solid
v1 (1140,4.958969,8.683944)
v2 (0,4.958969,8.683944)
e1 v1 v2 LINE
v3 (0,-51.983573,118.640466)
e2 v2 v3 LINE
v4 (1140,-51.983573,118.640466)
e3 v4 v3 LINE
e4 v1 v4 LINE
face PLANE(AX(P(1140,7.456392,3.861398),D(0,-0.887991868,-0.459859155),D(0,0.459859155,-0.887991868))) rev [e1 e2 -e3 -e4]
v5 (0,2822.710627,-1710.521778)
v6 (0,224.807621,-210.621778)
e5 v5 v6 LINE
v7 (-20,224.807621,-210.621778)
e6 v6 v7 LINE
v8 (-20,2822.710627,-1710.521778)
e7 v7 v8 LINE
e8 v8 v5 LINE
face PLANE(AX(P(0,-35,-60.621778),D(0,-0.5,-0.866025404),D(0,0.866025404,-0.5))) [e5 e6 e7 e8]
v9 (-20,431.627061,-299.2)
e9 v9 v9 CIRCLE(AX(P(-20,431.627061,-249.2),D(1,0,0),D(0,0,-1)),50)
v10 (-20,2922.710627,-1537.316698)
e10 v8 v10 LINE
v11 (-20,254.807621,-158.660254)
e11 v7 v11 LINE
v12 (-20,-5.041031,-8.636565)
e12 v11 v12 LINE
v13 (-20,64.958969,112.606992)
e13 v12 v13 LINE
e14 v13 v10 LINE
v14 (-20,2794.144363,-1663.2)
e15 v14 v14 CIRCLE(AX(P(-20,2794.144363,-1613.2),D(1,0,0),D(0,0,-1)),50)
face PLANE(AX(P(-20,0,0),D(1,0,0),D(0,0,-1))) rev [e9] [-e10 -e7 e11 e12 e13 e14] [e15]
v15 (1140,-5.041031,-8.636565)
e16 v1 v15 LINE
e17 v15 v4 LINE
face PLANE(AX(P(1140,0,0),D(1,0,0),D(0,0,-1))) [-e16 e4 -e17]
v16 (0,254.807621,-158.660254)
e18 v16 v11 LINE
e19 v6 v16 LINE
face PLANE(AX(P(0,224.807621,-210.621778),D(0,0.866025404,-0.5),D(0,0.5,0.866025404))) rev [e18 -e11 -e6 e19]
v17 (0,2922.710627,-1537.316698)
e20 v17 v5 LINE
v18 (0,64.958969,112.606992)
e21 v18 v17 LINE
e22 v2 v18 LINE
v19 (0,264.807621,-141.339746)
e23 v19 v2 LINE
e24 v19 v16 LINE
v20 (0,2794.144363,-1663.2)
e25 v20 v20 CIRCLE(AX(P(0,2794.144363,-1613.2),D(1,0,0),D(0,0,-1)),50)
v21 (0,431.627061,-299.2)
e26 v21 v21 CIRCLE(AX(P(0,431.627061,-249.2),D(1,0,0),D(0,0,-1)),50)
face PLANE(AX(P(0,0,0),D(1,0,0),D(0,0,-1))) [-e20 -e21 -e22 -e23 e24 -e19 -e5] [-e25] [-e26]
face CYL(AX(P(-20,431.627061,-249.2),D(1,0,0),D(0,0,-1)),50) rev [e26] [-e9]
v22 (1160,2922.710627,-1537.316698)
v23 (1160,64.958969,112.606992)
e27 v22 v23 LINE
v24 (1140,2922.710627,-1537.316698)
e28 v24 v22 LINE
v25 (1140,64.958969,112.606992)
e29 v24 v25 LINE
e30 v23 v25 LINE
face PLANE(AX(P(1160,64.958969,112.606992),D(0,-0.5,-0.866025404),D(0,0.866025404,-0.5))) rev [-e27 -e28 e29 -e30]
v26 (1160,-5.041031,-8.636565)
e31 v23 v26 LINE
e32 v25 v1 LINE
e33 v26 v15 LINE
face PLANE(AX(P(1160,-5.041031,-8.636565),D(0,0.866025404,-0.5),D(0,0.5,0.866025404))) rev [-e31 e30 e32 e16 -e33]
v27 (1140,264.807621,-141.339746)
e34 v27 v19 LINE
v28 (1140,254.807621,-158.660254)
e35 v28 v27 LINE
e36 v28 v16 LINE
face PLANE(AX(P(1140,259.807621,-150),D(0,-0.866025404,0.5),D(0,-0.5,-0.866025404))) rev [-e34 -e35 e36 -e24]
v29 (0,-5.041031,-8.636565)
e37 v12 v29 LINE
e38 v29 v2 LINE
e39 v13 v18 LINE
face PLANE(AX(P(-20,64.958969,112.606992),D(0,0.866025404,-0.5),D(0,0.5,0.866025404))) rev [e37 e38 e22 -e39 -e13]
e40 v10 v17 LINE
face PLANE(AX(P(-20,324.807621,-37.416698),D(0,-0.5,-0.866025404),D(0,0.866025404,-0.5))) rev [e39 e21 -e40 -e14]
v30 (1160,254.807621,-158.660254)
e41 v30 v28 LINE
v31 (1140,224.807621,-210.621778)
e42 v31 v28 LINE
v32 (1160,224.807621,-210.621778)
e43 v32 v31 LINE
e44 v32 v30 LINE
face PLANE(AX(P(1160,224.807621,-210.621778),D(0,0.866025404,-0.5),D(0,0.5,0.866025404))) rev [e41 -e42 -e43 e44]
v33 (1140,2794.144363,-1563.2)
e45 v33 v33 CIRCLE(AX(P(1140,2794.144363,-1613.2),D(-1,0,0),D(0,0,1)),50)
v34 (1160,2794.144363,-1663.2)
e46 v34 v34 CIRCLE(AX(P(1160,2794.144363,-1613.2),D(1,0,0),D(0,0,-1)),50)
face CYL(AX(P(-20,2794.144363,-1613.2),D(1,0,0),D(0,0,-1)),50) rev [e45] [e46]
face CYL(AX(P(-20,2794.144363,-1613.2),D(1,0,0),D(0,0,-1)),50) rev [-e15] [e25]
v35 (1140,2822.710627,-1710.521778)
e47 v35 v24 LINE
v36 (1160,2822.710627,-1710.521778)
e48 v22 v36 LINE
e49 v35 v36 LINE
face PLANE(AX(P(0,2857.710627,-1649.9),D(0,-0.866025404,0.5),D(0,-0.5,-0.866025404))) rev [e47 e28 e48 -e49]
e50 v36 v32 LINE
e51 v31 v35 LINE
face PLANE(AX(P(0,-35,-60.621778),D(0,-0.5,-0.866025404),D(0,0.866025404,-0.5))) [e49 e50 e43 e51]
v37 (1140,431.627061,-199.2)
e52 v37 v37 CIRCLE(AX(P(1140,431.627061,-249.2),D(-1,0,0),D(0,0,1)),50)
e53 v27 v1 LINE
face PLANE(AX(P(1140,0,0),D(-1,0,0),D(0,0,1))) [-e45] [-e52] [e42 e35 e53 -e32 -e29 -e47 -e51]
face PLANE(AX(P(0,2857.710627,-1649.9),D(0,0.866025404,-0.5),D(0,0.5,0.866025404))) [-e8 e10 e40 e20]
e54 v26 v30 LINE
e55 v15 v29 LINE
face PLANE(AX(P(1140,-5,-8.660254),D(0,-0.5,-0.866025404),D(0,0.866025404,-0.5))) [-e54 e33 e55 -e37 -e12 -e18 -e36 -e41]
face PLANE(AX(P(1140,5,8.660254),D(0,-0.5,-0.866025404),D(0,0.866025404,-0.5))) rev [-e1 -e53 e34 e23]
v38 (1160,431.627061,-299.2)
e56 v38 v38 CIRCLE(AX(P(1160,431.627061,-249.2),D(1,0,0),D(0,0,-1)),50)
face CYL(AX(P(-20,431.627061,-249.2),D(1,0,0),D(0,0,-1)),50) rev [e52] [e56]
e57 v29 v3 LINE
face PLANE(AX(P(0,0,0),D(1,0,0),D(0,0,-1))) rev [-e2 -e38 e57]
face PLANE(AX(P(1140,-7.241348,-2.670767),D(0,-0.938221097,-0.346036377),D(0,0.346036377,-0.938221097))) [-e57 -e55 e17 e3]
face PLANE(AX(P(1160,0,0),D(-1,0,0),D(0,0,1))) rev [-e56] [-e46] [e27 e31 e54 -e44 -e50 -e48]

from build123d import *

# Parameters (mm, degrees)
BOSS_EXTRUDE1_DEPTH = 1140
BOSS_EXTRUDE2_DEPTH = 20
BOSS_EXTRUDE3_DEPTH = 20
SKETCH4_W           = 20
SKETCH4_H           = 140
BOSS_EXTRUDE4_DEPTH = 2999.8
SKETCH5_W           = 20
SKETCH5_H           = 140
BOSS_EXTRUDE5_DEPTH = 2999.8
SKETCH7_W           = 20
SKETCH7_H           = 2999.8
BOSS_EXTRUDE6_DEPTH = 60
SKETCH8_W           = 20
SKETCH8_H           = 2999.8
BOSS_EXTRUDE7_DEPTH = 60
CUT_EXTRUDE3_DEPTH  = 3587.157019078


with BuildPart() as part:
    # Sketch1 → Boss-Extrude1 (new body)
    with BuildSketch(Plane(origin=(0, 0, 0), x_dir=(0, 0, -1), z_dir=(1, 0, 0))):
        Polygon((158.660254038, 254.807621135), (141.339745962, 264.807621135), (-8.683943562, 4.958968541), (-118.640466011, -51.98357266), (8.636564514, -5.041031459), align=None)
    extrude(amount=BOSS_EXTRUDE1_DEPTH)

    # Sketch2 → Boss-Extrude2 (add)
    with BuildSketch(Plane(origin=(1140, 0, 0), x_dir=(0, 0, -1), z_dir=(1, 0, 0))):
        Polygon((8.636564514, -5.041031459), (158.660254038, 254.807621135), (37.416697508, 324.807621135), (-112.606992016, 64.958968541), align=None)
    extrude(amount=BOSS_EXTRUDE2_DEPTH)

    # Sketch3 → Boss-Extrude3 (add)
    with BuildSketch(Plane.ZY):
        Polygon((-158.660254038, 254.807621135), (-37.416697508, 324.807621135), (112.606992016, 64.958968541), (-8.636564514, -5.041031459), align=None)
    extrude(amount=BOSS_EXTRUDE3_DEPTH)

    # Sketch4 → Boss-Extrude4 (add)
    with BuildSketch(Plane(origin=(0, 259.807621135, -150), x_dir=(1, 0, 0), z_dir=(0, 0.8660254037844397, -0.4999999999999983))):
        with Locations((1150, -60)):
            Rectangle(SKETCH4_W, SKETCH4_H)
    extrude(amount=BOSS_EXTRUDE4_DEPTH)

    # Sketch5 → Boss-Extrude5 (add)
    with BuildSketch(Plane(origin=(0, 259.807621135, -150), x_dir=(1, 0, 0), z_dir=(0, 0.8660254037844396, -0.4999999999999982))):
        with Locations((-10, -60)):
            Rectangle(SKETCH5_W, SKETCH5_H)
    extrude(amount=BOSS_EXTRUDE5_DEPTH)

    # Sketch7 → Boss-Extrude6 (add)
    with BuildSketch(Plane(origin=(0, -5, -8.660254038), x_dir=(-1, 0, 0), z_dir=(0, -0.49999999999999756, -0.86602540378444))):
        with Locations((-1150, 1799.9)):
            Rectangle(SKETCH7_W, SKETCH7_H)
    extrude(amount=BOSS_EXTRUDE6_DEPTH)

    # Sketch8 → Boss-Extrude7 (add)
    with BuildSketch(Plane(origin=(0, -5, -8.660254038), x_dir=(-1, 0, 0), z_dir=(0, -0.49999999999999756, -0.86602540378444))):
        with Locations((10, 1799.9)):
            Rectangle(SKETCH8_W, SKETCH8_H)
    extrude(amount=BOSS_EXTRUDE7_DEPTH)

    # Sketch10 → Cut-Extrude3 (cut, through all)
    with BuildSketch(Plane(origin=(1160, 0, 0), x_dir=(0, 0, -1), z_dir=(1, 0, 0))):
        with BuildLine():
            ThreePointArc((274.2, 474.928331435), (205.898729811, 456.627061246), (224.2, 388.325791057))
            Line((224.2, 388.325791057), (274.2, 474.928331435))
        make_face()
        with BuildLine():
            Line((274.2, 474.928331435), (224.2, 388.325791057))
            ThreePointArc((224.2, 388.325791057), (274.2, 388.325791057), (299.2, 431.627061246))
            ThreePointArc((299.2, 431.627061246), (292.501270189, 456.627061246), (274.2, 474.928331435))
        make_face()
        with BuildLine():
            ThreePointArc((1638.2, 2837.445632959), (1569.898729811, 2819.14436277), (1588.2, 2750.843092581))
            Line((1588.2, 2750.843092581), (1638.2, 2837.445632959))
        make_face()
        with BuildLine():
            Line((1638.2, 2837.445632959), (1588.2, 2750.843092581))
            ThreePointArc((1588.2, 2750.843092581), (1638.2, 2750.843092581), (1663.2, 2794.14436277))
            ThreePointArc((1663.2, 2794.14436277), (1656.501270189, 2819.14436277), (1638.2, 2837.445632959))
        make_face()
    extrude(amount=-CUT_EXTRUDE3_DEPTH, mode=Mode.SUBTRACT)


solid = part.part
